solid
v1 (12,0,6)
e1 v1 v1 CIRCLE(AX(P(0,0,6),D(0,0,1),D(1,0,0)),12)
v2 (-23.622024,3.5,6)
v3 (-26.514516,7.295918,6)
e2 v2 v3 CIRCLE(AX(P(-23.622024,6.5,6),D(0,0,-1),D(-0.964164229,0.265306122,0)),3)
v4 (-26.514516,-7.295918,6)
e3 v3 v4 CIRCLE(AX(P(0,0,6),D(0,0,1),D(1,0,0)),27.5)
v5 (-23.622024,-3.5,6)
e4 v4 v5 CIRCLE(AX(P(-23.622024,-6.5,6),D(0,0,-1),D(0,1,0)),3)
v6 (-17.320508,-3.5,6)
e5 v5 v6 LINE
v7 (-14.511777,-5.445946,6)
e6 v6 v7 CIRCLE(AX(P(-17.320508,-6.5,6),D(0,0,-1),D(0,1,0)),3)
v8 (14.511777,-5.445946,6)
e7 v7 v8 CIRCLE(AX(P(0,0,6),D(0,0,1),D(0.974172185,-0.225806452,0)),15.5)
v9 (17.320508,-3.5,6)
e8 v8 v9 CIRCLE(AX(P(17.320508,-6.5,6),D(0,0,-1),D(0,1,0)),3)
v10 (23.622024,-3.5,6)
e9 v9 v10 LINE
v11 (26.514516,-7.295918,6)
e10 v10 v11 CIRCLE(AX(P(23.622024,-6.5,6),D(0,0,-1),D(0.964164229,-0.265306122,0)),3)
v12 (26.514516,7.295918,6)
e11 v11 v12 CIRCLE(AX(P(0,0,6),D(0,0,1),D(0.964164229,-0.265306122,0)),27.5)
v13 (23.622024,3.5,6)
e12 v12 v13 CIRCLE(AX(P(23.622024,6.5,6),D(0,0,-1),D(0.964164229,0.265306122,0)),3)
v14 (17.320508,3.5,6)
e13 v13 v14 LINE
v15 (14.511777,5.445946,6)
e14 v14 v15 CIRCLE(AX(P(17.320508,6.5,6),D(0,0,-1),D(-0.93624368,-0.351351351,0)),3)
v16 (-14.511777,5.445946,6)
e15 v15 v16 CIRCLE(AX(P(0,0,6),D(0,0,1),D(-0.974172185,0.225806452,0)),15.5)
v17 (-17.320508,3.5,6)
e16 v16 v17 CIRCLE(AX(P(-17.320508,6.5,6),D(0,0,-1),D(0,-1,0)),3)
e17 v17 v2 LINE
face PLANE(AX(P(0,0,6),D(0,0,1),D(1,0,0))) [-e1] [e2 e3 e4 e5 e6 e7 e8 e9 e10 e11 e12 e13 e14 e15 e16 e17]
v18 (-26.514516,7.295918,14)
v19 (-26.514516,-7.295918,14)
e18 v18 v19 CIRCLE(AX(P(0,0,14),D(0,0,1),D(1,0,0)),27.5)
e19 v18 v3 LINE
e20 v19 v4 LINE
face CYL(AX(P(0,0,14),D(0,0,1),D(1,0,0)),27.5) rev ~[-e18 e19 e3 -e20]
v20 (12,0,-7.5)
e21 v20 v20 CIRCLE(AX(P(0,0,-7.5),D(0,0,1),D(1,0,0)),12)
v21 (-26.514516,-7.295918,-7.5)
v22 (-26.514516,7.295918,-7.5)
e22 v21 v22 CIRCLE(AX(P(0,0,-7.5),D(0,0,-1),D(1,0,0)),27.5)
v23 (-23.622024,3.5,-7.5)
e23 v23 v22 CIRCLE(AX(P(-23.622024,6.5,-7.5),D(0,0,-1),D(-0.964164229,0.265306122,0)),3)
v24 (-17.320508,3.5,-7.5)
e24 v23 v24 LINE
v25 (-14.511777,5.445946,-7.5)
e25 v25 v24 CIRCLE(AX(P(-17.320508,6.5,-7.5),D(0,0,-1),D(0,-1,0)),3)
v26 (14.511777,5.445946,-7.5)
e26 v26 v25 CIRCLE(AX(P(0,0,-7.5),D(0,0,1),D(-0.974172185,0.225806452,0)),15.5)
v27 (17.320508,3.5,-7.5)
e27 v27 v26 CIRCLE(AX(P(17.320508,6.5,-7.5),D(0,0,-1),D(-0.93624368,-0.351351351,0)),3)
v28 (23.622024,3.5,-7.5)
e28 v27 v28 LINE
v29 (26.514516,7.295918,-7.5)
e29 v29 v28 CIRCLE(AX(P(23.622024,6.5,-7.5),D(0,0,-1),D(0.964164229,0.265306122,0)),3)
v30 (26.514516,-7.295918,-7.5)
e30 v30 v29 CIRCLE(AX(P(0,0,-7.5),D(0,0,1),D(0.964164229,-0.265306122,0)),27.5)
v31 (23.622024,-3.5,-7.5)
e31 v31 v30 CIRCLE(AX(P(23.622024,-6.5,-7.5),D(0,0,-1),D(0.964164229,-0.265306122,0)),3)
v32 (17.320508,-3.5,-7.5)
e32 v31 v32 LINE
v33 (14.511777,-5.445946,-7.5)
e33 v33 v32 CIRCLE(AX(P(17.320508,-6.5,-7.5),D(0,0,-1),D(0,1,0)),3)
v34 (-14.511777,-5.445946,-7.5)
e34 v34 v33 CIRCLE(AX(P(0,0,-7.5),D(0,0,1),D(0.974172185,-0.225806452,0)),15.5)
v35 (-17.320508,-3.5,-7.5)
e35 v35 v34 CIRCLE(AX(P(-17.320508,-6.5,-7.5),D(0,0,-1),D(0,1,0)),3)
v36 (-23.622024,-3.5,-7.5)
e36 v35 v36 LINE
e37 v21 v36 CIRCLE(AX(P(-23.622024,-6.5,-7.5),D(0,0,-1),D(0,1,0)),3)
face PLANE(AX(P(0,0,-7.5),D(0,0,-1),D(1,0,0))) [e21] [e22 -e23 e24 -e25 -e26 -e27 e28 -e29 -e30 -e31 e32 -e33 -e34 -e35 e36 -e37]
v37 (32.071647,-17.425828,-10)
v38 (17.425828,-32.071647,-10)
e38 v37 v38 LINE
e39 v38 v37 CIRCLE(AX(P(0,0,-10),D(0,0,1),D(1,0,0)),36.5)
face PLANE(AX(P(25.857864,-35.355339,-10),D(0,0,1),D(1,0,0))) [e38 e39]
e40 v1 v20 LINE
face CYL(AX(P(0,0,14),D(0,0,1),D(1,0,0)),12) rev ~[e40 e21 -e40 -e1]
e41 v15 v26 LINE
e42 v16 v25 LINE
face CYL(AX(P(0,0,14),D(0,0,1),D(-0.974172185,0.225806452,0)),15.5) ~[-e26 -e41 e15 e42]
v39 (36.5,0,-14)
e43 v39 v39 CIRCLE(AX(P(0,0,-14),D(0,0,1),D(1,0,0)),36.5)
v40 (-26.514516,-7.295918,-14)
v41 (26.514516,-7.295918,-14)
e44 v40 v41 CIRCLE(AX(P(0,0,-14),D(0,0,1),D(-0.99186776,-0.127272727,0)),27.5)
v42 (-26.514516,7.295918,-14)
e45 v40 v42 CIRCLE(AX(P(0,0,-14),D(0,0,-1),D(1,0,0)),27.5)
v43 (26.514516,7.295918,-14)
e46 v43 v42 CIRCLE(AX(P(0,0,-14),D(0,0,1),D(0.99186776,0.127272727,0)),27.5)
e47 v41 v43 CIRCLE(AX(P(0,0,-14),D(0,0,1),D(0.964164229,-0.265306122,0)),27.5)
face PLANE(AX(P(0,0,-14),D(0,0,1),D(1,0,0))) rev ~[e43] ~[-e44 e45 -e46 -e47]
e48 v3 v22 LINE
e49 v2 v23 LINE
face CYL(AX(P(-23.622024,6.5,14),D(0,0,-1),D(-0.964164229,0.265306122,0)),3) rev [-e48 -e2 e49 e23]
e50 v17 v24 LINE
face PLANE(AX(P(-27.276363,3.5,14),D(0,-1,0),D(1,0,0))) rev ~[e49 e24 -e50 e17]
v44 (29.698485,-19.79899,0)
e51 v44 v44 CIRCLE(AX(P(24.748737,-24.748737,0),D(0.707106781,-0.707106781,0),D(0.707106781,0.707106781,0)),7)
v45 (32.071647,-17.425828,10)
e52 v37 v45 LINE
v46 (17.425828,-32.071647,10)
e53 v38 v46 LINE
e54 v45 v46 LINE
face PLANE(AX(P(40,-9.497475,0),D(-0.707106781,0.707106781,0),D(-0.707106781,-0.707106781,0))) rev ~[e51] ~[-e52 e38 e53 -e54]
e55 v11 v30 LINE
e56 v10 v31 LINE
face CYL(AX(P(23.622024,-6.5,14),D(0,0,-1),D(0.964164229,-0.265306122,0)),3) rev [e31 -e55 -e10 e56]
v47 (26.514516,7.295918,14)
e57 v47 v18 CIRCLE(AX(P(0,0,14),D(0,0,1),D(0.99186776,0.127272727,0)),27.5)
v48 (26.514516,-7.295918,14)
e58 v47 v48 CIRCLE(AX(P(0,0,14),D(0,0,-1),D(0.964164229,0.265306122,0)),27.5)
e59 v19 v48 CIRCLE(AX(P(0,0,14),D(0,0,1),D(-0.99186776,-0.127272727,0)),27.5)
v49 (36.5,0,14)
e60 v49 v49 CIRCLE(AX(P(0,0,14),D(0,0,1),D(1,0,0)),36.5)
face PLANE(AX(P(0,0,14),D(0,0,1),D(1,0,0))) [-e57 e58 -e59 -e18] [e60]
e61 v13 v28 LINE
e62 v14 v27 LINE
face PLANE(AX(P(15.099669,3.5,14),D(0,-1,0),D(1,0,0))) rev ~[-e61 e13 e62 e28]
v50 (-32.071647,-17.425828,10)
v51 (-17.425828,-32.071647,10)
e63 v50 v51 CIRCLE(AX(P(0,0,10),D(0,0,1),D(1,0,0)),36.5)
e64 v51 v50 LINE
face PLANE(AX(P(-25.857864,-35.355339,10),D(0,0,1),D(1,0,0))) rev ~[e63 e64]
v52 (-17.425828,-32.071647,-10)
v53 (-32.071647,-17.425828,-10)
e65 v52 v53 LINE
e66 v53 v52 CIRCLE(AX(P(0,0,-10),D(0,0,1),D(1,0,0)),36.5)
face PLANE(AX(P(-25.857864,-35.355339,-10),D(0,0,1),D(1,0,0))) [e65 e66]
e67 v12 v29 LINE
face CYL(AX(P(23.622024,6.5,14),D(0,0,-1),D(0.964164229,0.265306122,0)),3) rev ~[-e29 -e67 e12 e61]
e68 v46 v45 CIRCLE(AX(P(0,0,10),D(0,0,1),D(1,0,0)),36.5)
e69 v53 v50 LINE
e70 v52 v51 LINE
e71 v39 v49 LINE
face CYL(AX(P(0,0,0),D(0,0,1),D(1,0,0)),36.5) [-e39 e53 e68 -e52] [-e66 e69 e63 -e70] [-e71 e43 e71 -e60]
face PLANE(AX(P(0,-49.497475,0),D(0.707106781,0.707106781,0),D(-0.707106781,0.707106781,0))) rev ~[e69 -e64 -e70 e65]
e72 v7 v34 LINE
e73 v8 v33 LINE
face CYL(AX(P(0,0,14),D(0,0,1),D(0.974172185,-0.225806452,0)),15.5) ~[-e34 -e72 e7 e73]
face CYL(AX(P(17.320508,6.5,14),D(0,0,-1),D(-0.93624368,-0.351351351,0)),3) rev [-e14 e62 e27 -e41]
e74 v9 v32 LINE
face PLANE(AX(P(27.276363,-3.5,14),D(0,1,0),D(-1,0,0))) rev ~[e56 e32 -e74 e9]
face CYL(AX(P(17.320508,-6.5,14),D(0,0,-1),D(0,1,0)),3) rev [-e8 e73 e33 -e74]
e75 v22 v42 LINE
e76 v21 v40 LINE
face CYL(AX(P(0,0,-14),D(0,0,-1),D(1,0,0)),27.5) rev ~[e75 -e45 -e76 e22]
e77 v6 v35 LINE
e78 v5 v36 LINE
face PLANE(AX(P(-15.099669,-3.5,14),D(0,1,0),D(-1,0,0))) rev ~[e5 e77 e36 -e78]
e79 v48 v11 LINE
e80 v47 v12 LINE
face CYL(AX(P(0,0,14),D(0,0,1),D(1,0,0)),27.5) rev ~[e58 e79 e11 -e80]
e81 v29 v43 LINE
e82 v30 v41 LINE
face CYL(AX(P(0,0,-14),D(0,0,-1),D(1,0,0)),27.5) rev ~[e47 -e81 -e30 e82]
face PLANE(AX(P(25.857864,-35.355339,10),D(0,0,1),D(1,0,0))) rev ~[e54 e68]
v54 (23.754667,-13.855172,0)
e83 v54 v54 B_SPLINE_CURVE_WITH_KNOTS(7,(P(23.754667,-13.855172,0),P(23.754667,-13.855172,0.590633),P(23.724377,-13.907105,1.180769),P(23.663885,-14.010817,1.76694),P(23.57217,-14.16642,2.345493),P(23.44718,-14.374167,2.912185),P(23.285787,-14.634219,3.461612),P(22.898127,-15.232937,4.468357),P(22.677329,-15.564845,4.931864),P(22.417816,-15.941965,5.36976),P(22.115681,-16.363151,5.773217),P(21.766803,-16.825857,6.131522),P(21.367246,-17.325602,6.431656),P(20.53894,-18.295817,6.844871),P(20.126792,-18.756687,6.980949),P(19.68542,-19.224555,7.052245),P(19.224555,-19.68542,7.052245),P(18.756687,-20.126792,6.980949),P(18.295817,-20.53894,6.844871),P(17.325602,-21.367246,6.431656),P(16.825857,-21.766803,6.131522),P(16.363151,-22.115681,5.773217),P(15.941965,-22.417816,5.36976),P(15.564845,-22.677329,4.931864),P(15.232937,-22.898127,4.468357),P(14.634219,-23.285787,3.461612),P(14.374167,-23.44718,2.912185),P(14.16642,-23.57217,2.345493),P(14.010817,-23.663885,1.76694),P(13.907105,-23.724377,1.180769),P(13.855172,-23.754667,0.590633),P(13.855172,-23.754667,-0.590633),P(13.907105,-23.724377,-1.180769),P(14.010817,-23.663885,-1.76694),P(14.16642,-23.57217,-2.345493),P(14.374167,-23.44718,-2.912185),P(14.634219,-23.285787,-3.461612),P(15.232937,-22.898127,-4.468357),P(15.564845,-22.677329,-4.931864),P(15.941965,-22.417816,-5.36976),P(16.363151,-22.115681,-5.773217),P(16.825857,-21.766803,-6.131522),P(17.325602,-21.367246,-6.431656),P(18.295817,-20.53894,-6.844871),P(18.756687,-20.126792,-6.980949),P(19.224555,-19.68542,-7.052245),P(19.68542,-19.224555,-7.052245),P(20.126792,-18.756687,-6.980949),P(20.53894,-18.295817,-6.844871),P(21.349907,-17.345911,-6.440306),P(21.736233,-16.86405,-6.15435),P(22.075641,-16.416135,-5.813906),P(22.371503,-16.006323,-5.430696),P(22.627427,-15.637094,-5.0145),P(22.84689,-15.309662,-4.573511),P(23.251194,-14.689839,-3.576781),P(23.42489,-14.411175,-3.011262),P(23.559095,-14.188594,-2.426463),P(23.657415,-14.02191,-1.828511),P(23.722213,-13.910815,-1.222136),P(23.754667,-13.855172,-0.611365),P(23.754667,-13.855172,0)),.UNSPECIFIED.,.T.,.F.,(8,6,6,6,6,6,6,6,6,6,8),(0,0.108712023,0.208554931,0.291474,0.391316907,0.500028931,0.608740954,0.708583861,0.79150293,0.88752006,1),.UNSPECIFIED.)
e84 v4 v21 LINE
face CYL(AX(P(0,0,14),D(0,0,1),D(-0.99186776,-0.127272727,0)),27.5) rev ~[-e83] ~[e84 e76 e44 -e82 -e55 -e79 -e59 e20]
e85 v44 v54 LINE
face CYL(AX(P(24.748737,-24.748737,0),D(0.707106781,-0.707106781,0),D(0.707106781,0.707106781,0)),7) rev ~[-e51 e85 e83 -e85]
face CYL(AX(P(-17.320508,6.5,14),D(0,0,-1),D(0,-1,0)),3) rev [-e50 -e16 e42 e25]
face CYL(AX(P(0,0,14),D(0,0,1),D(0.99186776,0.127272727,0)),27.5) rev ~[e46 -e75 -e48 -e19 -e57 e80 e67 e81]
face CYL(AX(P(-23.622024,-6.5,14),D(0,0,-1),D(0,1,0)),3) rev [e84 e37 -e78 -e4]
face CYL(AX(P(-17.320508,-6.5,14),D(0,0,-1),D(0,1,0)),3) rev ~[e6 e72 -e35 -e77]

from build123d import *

# Parameters (mm, degrees)
F0_R      = 36.5
F1_DEPTH  = 14
F2_R      = 12
F3_DEPTH  = 28.001
F4_R      = 3
F5_R      = 27.5
F6_DEPTH  = 8
F7_R      = 27.5
F8_DEPTH  = 6.5
F10_DEPTH = 10
F11_R     = 7
F12_DEPTH = 10


with BuildPart() as f1:
    # F0 (on Top) → F1 (new body, symmetric)
    with BuildSketch(Plane.XY):
        Circle(F0_R)
    extrude(amount=F1_DEPTH, both=True)

    # F2 (on face) → F3 (cut, through all)
    with BuildSketch(Plane.XY.offset(14)):
        with BuildLine():
            Line((-15.0996688705, -3.5), (-27.276363394, -3.5))
            ThreePointArc((-27.276363394, -3.5), (0, -27.5), (27.276363394, -3.5))
            Line((27.276363394, -3.5), (15.0996688705, -3.5))
            ThreePointArc((15.0996688705, -3.5), (0, -15.5), (-15.0996688705, -3.5))
        make_face()
        Circle(F2_R)
        with BuildLine():
            ThreePointArc((27.276363394, 3.5), (0, 27.5), (-27.276363394, 3.5))
            Line((-27.276363394, 3.5), (-15.0996688705, 3.5))
            ThreePointArc((-15.0996688705, 3.5), (0, 15.5), (15.0996688705, 3.5))
            Line((15.0996688705, 3.5), (27.276363394, 3.5))
        make_face()
    extrude(amount=-F3_DEPTH, mode=Mode.SUBTRACT)

    # F4
    f4_edges = [f1.edges().sort_by_distance(p)[0] for p in [
        (-27.276363, 3.5, 0),
        (-15.099669, 3.5, 0),
        (15.099669, 3.5, 0),
        (27.276363, 3.5, 0),
        (27.276363, -3.5, 0),
        (15.099669, -3.5, 0),
        (-15.099669, -3.5, 0),
        (-27.276363, -3.5, 0),
    ]]
    fillet(f4_edges, radius=F4_R)

    # F5 (on face) → F6 (cut)
    with BuildSketch(Plane.XY.offset(14)):
        Circle(F5_R)
    extrude(amount=-F6_DEPTH, mode=Mode.SUBTRACT)

    # F7 (on face) → F8 (cut)
    with BuildSketch(Plane(origin=(0, 0, -14), x_dir=(1, 0, 0), z_dir=(0, 0, -1))):
        Circle(F7_R)
    extrude(amount=-F8_DEPTH, mode=Mode.SUBTRACT)

    # F9 (on Top) → F10 (cut, symmetric)
    with BuildSketch(Plane.XY):
        Polygon((0, -49.4974746831), (-40, -9.4974746831), (-40, -49.4974746831), align=None)
        Polygon((40, -9.4974746831), (0, -49.4974746831), (40, -49.4974746831), align=None)
    extrude(amount=F10_DEPTH, both=True, mode=Mode.SUBTRACT)

    # F11 (on face) → F12 (cut)
    with BuildSketch(Plane(origin=(24.7487373415, -24.7487373415, 0), x_dir=(0.7071067812, 0.7071067812, 0), z_dir=(0.7071067812, -0.7071067812, 0))):
        Circle(F11_R)
    extrude(amount=-F12_DEPTH, mode=Mode.SUBTRACT)


solid = f1.part
